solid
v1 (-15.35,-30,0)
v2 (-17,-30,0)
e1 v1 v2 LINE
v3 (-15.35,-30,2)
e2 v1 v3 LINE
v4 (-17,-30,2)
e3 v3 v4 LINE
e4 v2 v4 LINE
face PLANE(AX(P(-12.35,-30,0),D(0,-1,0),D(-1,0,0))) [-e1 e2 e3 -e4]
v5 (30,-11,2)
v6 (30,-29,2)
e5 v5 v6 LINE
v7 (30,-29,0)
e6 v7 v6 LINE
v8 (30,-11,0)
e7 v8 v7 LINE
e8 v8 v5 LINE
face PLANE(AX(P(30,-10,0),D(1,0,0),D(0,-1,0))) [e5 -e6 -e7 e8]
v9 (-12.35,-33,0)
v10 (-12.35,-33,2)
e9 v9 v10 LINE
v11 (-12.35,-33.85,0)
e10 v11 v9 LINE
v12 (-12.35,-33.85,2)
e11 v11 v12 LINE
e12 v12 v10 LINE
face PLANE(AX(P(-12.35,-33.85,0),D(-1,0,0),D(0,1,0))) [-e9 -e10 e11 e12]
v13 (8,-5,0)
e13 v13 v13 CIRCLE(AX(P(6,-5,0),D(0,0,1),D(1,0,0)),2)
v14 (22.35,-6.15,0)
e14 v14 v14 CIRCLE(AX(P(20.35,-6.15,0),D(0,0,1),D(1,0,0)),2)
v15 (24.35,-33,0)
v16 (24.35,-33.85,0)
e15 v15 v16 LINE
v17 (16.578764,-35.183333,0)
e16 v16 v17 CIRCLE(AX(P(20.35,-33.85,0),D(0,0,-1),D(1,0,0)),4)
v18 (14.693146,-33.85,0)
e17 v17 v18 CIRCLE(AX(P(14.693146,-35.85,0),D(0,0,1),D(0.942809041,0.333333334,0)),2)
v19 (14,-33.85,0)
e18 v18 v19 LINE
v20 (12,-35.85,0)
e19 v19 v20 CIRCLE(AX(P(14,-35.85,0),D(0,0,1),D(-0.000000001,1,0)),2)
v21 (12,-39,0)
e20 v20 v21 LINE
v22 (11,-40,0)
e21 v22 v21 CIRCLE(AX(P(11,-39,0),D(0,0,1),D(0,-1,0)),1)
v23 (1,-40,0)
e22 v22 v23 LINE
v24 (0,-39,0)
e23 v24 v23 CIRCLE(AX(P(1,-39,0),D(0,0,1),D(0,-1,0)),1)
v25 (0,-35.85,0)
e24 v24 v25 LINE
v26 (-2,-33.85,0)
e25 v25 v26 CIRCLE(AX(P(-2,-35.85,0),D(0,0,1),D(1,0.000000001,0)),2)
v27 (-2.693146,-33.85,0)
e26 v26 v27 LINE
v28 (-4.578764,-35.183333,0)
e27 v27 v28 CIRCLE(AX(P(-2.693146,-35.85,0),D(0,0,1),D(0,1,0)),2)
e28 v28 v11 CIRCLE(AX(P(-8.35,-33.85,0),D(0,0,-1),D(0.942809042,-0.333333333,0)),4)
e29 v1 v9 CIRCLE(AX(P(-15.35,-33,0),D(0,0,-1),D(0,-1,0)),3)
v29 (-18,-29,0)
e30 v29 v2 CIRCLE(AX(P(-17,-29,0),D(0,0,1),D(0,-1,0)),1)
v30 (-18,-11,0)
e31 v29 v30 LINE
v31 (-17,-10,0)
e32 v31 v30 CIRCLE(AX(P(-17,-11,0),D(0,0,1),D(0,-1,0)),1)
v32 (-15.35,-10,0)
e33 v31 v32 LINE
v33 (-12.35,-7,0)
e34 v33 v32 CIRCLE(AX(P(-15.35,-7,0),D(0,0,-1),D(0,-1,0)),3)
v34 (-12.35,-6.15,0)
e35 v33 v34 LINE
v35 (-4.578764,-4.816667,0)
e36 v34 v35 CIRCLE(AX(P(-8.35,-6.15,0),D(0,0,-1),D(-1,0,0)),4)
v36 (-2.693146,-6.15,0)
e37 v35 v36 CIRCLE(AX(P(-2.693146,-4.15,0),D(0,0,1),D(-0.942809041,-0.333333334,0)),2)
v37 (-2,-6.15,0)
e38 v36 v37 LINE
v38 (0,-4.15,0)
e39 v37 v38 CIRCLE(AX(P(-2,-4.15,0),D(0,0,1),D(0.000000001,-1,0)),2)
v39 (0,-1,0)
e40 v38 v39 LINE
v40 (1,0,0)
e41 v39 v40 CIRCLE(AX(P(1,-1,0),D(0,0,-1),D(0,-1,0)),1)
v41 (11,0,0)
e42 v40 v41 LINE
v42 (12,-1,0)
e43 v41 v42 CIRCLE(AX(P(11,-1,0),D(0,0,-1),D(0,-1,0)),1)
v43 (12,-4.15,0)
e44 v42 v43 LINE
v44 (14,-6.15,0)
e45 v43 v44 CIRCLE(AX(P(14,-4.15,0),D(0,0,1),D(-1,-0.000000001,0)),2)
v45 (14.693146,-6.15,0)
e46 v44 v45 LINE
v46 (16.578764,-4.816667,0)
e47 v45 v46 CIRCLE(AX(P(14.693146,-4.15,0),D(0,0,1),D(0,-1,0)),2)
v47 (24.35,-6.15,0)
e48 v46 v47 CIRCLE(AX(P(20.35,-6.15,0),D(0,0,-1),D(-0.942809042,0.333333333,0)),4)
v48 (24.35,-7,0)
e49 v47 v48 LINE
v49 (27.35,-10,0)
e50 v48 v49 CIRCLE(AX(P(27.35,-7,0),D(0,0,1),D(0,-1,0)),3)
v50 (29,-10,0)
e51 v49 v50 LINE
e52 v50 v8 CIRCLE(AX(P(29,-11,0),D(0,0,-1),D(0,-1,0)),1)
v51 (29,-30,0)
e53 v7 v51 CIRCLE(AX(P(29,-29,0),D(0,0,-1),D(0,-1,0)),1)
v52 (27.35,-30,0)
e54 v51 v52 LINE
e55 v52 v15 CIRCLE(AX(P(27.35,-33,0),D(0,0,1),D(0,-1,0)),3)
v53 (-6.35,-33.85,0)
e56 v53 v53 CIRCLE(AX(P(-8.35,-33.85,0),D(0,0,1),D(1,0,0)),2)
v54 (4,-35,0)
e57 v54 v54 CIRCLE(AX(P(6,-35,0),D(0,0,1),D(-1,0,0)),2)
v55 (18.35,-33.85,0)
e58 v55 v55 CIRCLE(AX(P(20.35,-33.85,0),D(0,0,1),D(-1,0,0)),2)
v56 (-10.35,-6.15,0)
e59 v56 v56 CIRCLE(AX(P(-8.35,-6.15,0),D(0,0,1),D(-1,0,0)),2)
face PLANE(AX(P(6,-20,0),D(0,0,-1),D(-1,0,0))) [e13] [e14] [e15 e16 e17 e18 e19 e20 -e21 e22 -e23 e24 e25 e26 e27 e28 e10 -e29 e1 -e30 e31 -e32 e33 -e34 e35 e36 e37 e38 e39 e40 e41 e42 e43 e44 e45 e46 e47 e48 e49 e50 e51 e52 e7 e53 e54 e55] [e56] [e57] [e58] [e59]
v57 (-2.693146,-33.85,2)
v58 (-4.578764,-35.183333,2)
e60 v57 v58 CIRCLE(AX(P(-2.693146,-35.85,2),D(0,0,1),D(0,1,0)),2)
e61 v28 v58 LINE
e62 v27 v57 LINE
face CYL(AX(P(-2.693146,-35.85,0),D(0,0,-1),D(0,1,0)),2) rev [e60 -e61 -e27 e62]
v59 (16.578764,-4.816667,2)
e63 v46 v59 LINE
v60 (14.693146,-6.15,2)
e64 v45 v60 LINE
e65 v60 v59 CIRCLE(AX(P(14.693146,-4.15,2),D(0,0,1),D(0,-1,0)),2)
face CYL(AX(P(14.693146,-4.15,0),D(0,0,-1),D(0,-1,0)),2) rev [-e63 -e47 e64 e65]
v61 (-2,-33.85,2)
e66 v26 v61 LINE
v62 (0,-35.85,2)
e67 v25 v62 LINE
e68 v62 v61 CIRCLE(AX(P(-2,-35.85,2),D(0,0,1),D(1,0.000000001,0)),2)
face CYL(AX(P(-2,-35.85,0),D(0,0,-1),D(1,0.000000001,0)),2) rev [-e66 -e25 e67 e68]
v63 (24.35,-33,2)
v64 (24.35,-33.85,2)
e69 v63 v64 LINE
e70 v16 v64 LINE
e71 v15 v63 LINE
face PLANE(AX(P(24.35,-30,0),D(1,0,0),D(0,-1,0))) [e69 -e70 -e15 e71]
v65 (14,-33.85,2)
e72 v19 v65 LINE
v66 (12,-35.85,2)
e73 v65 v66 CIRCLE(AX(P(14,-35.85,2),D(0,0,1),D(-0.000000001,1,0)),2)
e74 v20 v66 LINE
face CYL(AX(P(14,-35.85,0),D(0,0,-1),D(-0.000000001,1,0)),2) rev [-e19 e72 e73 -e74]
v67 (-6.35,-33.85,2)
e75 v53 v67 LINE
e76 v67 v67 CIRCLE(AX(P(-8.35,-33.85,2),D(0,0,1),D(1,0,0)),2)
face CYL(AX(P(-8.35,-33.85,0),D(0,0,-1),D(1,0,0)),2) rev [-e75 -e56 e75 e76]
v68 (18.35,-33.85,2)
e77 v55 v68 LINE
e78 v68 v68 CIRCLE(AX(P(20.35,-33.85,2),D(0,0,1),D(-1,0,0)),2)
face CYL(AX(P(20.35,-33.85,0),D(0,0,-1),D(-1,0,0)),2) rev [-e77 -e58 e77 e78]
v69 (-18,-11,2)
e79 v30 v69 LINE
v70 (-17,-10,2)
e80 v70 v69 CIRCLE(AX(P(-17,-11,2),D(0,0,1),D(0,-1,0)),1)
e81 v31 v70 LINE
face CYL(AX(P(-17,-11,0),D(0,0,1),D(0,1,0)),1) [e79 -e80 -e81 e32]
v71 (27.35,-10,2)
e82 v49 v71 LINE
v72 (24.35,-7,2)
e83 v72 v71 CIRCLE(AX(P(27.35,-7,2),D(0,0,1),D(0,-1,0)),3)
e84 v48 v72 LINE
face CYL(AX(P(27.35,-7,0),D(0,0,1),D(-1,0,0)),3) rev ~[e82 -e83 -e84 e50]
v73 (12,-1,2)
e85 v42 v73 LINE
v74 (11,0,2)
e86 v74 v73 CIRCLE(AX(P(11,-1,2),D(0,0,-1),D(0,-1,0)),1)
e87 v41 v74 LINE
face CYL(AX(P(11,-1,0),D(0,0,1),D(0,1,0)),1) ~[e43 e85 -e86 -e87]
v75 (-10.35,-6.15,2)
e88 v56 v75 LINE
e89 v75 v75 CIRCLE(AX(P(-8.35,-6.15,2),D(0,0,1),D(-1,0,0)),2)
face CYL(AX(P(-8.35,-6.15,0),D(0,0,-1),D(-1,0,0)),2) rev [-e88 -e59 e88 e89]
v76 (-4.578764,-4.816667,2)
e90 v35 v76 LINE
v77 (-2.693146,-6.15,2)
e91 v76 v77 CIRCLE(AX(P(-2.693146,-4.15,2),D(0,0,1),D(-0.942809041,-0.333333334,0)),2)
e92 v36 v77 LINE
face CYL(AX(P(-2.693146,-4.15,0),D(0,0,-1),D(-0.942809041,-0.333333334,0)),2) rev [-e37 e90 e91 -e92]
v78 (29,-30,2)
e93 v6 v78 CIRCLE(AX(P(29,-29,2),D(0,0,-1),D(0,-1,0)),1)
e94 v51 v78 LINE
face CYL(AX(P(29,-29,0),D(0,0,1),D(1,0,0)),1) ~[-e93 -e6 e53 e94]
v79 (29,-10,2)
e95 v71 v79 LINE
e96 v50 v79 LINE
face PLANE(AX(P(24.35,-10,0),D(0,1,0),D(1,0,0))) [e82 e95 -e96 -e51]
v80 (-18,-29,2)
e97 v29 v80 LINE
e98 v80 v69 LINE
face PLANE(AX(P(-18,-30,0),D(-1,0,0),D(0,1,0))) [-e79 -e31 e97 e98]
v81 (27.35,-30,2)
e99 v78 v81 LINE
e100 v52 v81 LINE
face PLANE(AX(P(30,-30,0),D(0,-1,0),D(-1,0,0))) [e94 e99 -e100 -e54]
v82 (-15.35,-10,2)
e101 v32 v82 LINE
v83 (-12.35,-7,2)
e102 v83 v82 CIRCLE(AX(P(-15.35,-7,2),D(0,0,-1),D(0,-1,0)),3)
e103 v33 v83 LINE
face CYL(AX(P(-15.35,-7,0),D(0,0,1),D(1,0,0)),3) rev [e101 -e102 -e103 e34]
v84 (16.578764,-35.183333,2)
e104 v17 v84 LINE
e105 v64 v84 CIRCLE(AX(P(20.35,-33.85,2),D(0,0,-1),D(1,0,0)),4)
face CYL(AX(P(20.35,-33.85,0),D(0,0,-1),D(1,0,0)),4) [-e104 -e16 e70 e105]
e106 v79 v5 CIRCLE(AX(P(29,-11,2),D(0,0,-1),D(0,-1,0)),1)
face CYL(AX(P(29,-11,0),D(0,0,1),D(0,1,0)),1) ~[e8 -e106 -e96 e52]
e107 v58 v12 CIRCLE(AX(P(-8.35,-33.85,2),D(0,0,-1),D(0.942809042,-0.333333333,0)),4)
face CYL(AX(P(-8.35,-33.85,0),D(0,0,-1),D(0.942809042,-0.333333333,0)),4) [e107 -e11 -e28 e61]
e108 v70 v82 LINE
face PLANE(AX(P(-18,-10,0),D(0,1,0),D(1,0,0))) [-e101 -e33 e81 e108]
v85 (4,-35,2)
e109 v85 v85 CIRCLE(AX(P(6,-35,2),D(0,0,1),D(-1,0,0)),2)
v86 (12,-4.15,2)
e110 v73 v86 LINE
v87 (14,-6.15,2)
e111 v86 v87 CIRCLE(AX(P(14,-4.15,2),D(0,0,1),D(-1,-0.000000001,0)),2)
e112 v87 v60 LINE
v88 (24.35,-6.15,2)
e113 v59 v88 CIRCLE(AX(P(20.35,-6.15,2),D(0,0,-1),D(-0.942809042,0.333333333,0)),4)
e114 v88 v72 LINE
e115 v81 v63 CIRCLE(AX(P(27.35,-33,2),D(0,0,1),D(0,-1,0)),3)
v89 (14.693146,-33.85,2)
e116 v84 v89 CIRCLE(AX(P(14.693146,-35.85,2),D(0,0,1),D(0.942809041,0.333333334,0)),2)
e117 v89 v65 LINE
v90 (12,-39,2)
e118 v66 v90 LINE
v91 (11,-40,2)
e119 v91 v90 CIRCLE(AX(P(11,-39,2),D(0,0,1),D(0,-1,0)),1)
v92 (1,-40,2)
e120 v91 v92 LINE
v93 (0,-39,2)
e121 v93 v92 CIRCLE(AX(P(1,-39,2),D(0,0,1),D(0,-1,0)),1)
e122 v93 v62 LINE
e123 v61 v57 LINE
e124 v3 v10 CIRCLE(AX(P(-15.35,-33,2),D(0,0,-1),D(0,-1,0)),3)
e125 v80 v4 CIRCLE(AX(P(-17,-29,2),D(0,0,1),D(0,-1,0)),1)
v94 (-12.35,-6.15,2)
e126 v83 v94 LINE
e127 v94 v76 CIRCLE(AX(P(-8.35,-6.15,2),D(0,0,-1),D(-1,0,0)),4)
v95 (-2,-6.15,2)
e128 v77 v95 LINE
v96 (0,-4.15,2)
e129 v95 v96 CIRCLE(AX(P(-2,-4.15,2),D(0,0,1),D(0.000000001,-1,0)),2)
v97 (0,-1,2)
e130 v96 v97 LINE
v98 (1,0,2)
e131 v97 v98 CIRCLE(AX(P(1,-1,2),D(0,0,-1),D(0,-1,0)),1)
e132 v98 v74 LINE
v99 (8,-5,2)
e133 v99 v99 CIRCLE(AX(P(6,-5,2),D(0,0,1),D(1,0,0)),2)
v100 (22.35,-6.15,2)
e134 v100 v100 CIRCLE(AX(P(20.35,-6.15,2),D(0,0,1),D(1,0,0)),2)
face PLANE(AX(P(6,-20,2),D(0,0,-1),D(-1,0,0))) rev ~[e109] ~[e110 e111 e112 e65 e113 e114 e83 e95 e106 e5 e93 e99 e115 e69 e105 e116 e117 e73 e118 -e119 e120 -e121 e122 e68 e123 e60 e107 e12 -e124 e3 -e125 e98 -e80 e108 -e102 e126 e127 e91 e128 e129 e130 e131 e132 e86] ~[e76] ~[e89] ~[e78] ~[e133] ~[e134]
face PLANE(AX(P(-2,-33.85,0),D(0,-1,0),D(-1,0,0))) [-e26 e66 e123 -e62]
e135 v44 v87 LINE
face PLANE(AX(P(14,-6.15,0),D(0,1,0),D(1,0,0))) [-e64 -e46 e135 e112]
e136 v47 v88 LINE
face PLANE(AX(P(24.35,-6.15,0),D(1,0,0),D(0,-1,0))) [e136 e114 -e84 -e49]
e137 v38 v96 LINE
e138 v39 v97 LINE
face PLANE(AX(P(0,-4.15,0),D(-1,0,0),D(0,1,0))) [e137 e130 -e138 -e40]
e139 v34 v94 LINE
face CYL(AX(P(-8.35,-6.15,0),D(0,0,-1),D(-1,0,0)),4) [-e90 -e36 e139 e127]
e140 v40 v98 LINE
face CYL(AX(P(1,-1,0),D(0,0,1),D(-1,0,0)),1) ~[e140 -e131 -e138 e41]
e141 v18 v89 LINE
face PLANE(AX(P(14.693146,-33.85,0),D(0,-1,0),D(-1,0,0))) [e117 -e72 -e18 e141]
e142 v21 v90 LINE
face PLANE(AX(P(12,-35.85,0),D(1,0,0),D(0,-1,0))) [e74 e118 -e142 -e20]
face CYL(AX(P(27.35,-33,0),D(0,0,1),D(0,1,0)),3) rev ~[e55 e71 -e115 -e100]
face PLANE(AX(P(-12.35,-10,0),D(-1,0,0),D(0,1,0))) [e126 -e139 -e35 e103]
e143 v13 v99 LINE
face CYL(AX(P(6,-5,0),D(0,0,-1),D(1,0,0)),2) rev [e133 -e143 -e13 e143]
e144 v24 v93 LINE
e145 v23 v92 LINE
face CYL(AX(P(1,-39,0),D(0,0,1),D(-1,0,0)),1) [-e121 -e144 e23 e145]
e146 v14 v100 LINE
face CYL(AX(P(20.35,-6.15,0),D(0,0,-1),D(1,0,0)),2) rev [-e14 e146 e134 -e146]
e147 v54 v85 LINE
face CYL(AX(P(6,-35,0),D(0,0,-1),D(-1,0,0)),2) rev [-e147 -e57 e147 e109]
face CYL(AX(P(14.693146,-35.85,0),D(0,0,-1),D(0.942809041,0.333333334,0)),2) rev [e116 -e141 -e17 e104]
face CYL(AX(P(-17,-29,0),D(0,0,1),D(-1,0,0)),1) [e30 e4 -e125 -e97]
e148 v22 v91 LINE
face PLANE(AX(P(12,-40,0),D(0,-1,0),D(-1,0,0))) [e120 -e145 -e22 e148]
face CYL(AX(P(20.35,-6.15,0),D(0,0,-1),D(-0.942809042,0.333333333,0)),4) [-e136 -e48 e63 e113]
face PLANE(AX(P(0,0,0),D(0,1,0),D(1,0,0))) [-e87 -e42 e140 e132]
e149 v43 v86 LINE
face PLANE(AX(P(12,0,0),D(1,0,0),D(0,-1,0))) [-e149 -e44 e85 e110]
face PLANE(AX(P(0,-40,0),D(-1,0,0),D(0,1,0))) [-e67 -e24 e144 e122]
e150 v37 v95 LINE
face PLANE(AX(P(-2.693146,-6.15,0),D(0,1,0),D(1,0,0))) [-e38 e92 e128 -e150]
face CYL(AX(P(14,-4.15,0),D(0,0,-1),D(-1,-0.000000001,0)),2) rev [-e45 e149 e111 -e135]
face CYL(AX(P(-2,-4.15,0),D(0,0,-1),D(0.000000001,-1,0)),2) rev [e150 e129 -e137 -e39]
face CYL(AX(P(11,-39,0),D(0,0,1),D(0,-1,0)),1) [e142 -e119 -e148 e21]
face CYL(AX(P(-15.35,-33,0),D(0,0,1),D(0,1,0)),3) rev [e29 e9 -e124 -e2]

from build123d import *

# Parameters (mm, degrees)
SKETCH_1_R      = 2
EXTRUDE_1_DEPTH = 2
FILLET_1_R      = 3
FILLET_2_R      = 1


with BuildPart() as part:
    # ｽｹｯﾁ1 → ﾎﾞｽ - 押し出し1 (new body)
    with BuildSketch(Plane.XY):
        with BuildLine():
            Line((0, 0), (12, 0))
            Line((12, 0), (12, -4.15))
            ThreePointArc((12, -4.15), (12.585786438, -5.564213562), (14, -6.15))
            Line((14, -6.15), (14.693145751, -6.15))
            ThreePointArc((14.693145751, -6.15), (15.847846289, -5.782993162), (16.578763834, -4.816666667))
            ThreePointArc((16.578763834, -4.816666667), (21.026407915, -2.207605761), (24.35, -6.15))
            Line((24.35, -6.15), (24.35, -10))
            Line((24.35, -10), (30, -10))
            Line((30, -10), (30, -30))
            Line((30, -30), (24.35, -30))
            Line((24.35, -30), (24.35, -33.85))
            ThreePointArc((24.35, -33.85), (21.026407915, -37.792394239), (16.578763834, -35.183333333))
            ThreePointArc((16.578763834, -35.183333333), (15.847846289, -34.217006838), (14.693145751, -33.85))
            Line((14.693145751, -33.85), (14, -33.85))
            ThreePointArc((14, -33.85), (12.585786438, -34.435786438), (12, -35.85))
            Line((12, -35.85), (12, -40))
            Line((12, -40), (0, -40))
            Line((0, -40), (0, -35.85))
            ThreePointArc((0, -35.85), (-0.585786438, -34.435786438), (-2, -33.85))
            Line((-2, -33.85), (-2.693145751, -33.85))
            ThreePointArc((-2.693145751, -33.85), (-3.847846289, -34.217006838), (-4.578763834, -35.183333333))
            ThreePointArc((-4.578763834, -35.183333333), (-9.026407915, -37.792394239), (-12.35, -33.85))
            Line((-12.35, -33.85), (-12.35, -30))
            Line((-12.35, -30), (-18, -30))
            Line((-18, -30), (-18, -10))
            Line((-18, -10), (-12.35, -10))
            Line((-12.35, -10), (-12.35, -6.15))
            ThreePointArc((-12.35, -6.15), (-9.026407915, -2.207605761), (-4.578763834, -4.816666667))
            ThreePointArc((-4.578763834, -4.816666667), (-3.847846289, -5.782993162), (-2.693145751, -6.15))
            Line((-2.693145751, -6.15), (-2, -6.15))
            ThreePointArc((-2, -6.15), (-0.585786438, -5.564213562), (0, -4.15))
            Line((0, -4.15), (0, 0))
        make_face()
        with Locations((20.35, -6.15)):
            Circle(SKETCH_1_R, mode=Mode.SUBTRACT)
        with Locations(Location((-8.35, -6.15, 0), (0, 0, 180))):
            Circle(SKETCH_1_R, mode=Mode.SUBTRACT)
        with Locations(Location((20.35, -33.85, 0), (0, 0, 180))):
            Circle(SKETCH_1_R, mode=Mode.SUBTRACT)
        with Locations((-8.35, -33.85)):
            Circle(SKETCH_1_R, mode=Mode.SUBTRACT)
        with Locations((6, -5)):
            Circle(SKETCH_1_R, mode=Mode.SUBTRACT)
        with Locations(Location((6, -35, 0), (0, 0, 180))):
            Circle(SKETCH_1_R, mode=Mode.SUBTRACT)
    extrude(amount=EXTRUDE_1_DEPTH)

    # ﾌｨﾚｯﾄ1
    fillet_1_edges = [part.edges().sort_by_distance(p)[0] for p in [
        (24.35, -10, 1),
        (24.35, -30, 1),
        (-12.35, -30, 1),
        (-12.35, -10, 1),
    ]]
    fillet(fillet_1_edges, radius=FILLET_1_R)

    # ﾌｨﾚｯﾄ2
    fillet_2_edges = [part.edges().sort_by_distance(p)[0] for p in [
        (0, 0, 1),
        (12, 0, 1),
        (30, -10, 1),
        (30, -30, 1),
        (12, -40, 1),
        (0, -40, 1),
        (-18, -30, 1),
        (-18, -10, 1),
    ]]
    fillet(fillet_2_edges, radius=FILLET_2_R)


solid = part.part
